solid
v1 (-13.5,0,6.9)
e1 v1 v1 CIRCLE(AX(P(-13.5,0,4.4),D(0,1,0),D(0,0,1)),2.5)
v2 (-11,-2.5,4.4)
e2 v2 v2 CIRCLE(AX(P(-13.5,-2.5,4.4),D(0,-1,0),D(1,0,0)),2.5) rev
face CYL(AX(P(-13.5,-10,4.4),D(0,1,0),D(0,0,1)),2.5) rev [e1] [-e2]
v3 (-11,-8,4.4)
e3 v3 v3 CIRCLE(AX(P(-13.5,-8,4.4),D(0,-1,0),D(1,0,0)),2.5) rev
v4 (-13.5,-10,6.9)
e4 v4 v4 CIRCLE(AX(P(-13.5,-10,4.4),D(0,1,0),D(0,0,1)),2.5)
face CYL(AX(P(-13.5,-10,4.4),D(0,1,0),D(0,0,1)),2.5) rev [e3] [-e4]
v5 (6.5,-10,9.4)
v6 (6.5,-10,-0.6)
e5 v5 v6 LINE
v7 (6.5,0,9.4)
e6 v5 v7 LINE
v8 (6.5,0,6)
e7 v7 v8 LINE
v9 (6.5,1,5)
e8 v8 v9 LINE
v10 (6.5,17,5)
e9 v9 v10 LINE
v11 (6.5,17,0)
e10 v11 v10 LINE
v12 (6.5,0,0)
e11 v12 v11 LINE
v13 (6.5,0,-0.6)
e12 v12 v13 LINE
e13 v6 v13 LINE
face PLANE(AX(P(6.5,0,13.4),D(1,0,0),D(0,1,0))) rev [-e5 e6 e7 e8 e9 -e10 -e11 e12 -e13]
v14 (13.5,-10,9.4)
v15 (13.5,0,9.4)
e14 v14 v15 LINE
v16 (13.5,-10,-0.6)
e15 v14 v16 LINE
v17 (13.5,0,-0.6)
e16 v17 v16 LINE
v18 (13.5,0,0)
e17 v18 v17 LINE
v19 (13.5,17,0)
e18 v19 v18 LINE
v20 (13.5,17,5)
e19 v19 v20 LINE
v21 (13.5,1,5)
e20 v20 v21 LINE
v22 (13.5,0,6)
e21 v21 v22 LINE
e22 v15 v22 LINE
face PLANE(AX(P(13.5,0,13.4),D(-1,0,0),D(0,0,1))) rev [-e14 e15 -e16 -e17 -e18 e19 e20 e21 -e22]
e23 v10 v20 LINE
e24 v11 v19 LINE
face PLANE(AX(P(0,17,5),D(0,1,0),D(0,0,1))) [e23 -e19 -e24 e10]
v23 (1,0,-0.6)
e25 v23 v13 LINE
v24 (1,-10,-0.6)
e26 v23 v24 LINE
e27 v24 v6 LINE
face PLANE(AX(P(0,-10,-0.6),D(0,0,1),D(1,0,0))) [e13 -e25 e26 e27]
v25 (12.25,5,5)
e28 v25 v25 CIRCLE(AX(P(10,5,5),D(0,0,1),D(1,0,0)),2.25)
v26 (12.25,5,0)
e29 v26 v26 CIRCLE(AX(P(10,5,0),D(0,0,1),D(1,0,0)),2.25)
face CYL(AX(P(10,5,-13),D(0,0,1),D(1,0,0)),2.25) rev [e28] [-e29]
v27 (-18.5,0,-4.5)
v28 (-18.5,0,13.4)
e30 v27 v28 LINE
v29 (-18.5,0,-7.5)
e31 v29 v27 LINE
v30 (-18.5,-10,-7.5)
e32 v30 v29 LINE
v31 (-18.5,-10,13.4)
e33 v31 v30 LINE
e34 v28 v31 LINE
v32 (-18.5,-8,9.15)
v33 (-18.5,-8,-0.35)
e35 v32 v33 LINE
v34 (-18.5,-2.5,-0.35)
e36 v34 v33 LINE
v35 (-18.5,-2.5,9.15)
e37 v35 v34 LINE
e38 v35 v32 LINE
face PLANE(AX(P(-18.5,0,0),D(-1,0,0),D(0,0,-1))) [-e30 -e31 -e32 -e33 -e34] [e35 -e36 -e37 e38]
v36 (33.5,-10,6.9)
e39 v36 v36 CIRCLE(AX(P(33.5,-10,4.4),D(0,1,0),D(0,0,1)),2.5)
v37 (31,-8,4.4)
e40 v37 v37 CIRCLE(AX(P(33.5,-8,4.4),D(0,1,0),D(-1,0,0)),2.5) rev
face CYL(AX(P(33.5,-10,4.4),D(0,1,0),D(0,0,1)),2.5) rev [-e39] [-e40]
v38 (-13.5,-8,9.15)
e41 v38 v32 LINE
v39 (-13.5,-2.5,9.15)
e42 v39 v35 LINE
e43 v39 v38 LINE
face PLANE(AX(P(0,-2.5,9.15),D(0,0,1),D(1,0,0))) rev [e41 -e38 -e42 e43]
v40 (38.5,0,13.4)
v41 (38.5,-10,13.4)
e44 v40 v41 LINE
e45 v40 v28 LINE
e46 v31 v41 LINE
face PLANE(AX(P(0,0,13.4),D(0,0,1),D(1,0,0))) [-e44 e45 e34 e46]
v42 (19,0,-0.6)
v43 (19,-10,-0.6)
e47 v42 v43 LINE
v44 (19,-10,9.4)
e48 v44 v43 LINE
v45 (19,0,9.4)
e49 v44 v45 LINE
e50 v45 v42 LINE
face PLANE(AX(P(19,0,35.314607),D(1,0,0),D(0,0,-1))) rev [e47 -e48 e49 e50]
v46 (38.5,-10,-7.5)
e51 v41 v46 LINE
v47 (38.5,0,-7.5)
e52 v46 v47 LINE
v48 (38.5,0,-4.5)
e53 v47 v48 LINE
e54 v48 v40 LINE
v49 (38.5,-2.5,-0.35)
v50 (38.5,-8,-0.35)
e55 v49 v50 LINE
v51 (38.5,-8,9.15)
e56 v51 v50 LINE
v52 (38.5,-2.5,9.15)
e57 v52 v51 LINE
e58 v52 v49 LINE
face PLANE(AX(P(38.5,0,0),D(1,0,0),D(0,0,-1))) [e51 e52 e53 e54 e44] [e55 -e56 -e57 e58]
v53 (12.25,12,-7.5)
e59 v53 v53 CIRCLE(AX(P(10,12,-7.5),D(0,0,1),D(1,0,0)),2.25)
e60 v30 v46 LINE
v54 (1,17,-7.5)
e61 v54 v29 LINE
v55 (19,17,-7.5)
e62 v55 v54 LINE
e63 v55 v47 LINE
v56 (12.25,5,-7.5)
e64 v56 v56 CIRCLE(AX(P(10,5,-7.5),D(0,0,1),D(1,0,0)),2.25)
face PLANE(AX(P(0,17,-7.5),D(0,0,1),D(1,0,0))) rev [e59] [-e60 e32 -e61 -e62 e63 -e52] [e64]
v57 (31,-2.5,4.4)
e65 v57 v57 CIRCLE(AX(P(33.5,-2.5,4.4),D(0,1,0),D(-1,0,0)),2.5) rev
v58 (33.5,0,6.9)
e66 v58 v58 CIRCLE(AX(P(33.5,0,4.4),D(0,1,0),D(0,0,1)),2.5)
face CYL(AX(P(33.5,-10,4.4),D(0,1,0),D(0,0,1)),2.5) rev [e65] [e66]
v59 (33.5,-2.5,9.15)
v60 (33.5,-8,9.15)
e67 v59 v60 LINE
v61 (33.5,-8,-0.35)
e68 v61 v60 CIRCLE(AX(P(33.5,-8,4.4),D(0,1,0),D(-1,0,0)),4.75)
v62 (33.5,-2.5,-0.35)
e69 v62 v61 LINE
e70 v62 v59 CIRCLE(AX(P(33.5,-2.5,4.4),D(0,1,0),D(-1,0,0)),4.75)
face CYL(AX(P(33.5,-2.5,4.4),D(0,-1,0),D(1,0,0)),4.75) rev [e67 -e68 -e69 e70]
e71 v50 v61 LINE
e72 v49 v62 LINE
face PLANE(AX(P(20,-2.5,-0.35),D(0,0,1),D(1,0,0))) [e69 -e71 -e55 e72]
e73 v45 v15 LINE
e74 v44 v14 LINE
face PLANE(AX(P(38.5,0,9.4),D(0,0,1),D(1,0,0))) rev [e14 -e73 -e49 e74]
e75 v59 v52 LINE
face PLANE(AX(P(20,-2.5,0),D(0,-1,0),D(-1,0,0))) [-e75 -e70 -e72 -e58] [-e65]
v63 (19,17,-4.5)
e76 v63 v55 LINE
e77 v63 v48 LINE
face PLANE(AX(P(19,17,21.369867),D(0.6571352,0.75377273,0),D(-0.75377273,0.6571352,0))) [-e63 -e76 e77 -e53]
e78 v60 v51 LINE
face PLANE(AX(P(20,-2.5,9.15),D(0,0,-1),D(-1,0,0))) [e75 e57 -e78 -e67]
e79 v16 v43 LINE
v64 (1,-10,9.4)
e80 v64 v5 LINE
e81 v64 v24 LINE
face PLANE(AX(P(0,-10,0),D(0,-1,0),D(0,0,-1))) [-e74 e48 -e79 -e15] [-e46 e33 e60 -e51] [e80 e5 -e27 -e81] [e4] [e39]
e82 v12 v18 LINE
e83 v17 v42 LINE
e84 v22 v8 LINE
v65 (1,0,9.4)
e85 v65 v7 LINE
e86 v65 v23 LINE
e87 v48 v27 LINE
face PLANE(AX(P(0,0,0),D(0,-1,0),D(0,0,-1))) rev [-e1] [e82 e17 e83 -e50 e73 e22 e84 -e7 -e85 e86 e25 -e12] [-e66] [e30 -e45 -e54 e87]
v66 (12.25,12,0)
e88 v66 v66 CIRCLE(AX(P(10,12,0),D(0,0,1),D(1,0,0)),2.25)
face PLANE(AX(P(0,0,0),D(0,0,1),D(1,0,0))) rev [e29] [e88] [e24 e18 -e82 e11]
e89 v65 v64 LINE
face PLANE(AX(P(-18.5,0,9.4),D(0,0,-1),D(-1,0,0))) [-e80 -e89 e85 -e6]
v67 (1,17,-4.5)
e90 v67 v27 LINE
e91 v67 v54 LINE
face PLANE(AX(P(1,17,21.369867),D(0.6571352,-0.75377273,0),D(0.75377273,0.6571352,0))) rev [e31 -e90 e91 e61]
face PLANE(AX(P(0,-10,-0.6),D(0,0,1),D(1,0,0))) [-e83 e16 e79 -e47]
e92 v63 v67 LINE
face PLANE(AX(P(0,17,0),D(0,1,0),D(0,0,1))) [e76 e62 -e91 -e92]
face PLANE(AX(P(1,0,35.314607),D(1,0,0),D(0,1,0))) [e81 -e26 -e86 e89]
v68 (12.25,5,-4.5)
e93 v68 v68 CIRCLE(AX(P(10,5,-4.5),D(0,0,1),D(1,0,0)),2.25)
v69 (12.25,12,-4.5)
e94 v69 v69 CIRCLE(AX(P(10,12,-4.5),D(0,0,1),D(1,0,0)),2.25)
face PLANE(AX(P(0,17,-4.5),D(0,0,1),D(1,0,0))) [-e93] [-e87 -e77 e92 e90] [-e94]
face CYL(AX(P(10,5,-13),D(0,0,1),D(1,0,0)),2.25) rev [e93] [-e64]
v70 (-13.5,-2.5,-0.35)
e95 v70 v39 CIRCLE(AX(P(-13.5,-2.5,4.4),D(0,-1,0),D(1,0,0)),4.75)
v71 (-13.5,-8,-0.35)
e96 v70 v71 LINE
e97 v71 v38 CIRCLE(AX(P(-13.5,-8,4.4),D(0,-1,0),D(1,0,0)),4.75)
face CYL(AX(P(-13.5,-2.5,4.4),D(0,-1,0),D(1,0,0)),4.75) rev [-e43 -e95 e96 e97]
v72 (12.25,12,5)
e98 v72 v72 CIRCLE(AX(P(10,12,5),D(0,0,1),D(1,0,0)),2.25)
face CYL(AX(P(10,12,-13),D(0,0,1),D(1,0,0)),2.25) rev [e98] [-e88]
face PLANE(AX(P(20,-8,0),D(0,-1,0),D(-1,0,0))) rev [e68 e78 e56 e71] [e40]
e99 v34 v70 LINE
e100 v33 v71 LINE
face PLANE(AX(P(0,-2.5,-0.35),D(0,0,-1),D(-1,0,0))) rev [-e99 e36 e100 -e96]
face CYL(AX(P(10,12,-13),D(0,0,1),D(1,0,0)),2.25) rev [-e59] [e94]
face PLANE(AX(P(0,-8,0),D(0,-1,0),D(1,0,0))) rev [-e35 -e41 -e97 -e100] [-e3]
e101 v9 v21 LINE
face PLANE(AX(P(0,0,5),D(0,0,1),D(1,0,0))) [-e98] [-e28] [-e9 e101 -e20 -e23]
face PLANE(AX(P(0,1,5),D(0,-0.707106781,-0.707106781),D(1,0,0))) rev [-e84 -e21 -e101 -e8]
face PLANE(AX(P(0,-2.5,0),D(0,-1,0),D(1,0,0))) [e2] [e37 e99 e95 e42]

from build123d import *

# Parameters (mm, degrees)
ESQUISSE1_W              = 20
ESQUISSE1_H              = 17
ESQUISSE1_R              = 2.1
BOSS_EXTRU_1_DEPTH       = 5
ESQUISSE2_W              = 18
ESQUISSE2_H              = 4.4
BOSS_EXTRU_3_DEPTH       = 10
ESQUISSE5_W              = 6.5
ESQUISSE5_H              = 17
ENL_V_MAT_EXTRU_3_DEPTH  = 18
BOSS_EXTRU_6_DEPTH       = 8.4
BOSS_EXTRU_6_DEPTH_BACK  = 10
ESQUISSE10_W             = 7
ESQUISSE10_H             = 10
ESQUISSE11_W             = 5.5
ESQUISSE11_H             = 2.5
ESQUISSE11_W_2           = 7
ESQUISSE11_H_2           = 0.5
BOSS_EXTRU_7_DEPTH       = 17
ESQUISSE12_W             = 18
ESQUISSE12_H             = 2.5
BOSS_EXTRU_8_DEPTH       = 10
ESQUISSE20_R             = 2.25
ENL_V_MAT_EXTRU_7_DEPTH  = 18
ESQUISSE21_W             = 4
ESQUISSE21_H             = 10
ESQUISSE21_W_2           = 6.9
BOSS_EXTRU_9_DEPTH       = 25
ESQUISSE22_W             = 19.5
ESQUISSE22_H             = 10
BOSS_EXTRU_10_DEPTH      = 14
BOSS_EXTRU_11_DEPTH      = 3
CHANFREIN1_SIZE          = 1
ESQUISSE29_R             = 2.5
ENL_V_MAT_EXTRU_11_DEPTH = 10
ENL_V_START              = -7.5
ESQUISSE30_R             = 4.75
ESQUISSE30_R_2           = 2.5
ENL_V_MAT_EXTRU_12_DEPTH = 5.5


with BuildPart() as part:
    # Esquisse1 → Boss.-Extru.1 (new body)
    with BuildSketch(Plane.XY):
        with Locations((10, 8.5)):
            Rectangle(ESQUISSE1_W, ESQUISSE1_H)
        with Locations((10, 5)):
            Circle(ESQUISSE1_R, mode=Mode.SUBTRACT)
        with Locations((10, 12)):
            Circle(ESQUISSE1_R, mode=Mode.SUBTRACT)
    extrude(amount=BOSS_EXTRU_1_DEPTH)

    # Esquisse5 → Enlèv. mat.-Extru.3 (cut)
    with BuildSketch(Plane.XY.offset(5)):
        with Locations((16.75, 8.5)):
            Rectangle(ESQUISSE5_W, ESQUISSE5_H)
        with Locations((3.25, 8.5)):
            Rectangle(ESQUISSE5_W, ESQUISSE5_H)
    extrude(amount=-ENL_V_MAT_EXTRU_3_DEPTH, mode=Mode.SUBTRACT)



with BuildPart() as body_2:
    # Esquisse2 → Boss.-Extru.3 (new body)
    with BuildSketch(Plane.XZ):
        with Locations((10, -2.8)):
            Rectangle(ESQUISSE2_W, ESQUISSE2_H)
    extrude(amount=BOSS_EXTRU_3_DEPTH)


with BuildPart() as part_1:
    add(part.part)

    add(body_2.part)  # Boss.-Extru.6 merges body 2
    # Esquisse10 → Boss.-Extru.6 (add, two sides: drawn at the far end of the back side and taken through both)
    with BuildSketch(Plane.XY.offset(5).offset(-BOSS_EXTRU_6_DEPTH_BACK)):
        with Locations((10, -5)):
            Rectangle(ESQUISSE10_W, ESQUISSE10_H)
    extrude(amount=BOSS_EXTRU_6_DEPTH + BOSS_EXTRU_6_DEPTH_BACK)

    # Esquisse11 → Boss.-Extru.7 (add)
    with BuildSketch(Plane(origin=(0, 0, 0), x_dir=(1, 0, 0), z_dir=(0, 1, 0))):
        with Locations((3.75, 6.25)):
            Rectangle(ESQUISSE11_W, ESQUISSE11_H)
        with Locations((10, 6.25)):
            Rectangle(ESQUISSE11_W_2, ESQUISSE11_H)
        with Locations((16.25, 6.25)):
            Rectangle(ESQUISSE11_W, ESQUISSE11_H)
        with Locations((3.75, 4.75)):
            Rectangle(ESQUISSE11_W, ESQUISSE11_H_2)
        with Locations((10, 4.75)):
            Rectangle(ESQUISSE11_W_2, ESQUISSE11_H_2)
        with Locations((16.25, 4.75)):
            Rectangle(ESQUISSE11_W, ESQUISSE11_H_2)
    extrude(amount=BOSS_EXTRU_7_DEPTH)

    # Esquisse12 → Boss.-Extru.8 (add)
    with BuildSketch(Plane.XZ):
        with Locations((10, -6.25)):
            Rectangle(ESQUISSE12_W, ESQUISSE12_H)
    extrude(amount=BOSS_EXTRU_8_DEPTH)

    # Esquisse20 → Enlèv. mat.-Extru.7 (cut)
    with BuildSketch(Plane.XY.offset(5)):
        with Locations((10, 5)):
            Circle(ESQUISSE20_R)
        with Locations((10, 12)):
            Circle(ESQUISSE20_R)
    extrude(amount=-ENL_V_MAT_EXTRU_7_DEPTH, mode=Mode.SUBTRACT)

    # Esquisse21 → Boss.-Extru.9 (add)
    with BuildSketch(Plane(origin=(13.5, 0, 0), x_dir=(0, 0, -1), z_dir=(1, 0, 0))):
        with Locations((-11.4, -5)):
            Rectangle(ESQUISSE21_W, ESQUISSE21_H)
        with Locations((4.05, -5)):
            Rectangle(ESQUISSE21_W_2, ESQUISSE21_H)
    boss_extru_9 = extrude(amount=BOSS_EXTRU_9_DEPTH)

    # Esquisse22 → Boss.-Extru.10 (add)
    with BuildSketch(Plane.XY.offset(-0.6)):
        with Locations((28.75, -5)):
            Rectangle(ESQUISSE22_W, ESQUISSE22_H)
    boss_extru_10 = extrude(amount=BOSS_EXTRU_10_DEPTH)

    # Esquisse24 → Boss.-Extru.11 (add)
    with BuildSketch(Plane(origin=(0, 0, -7.5), x_dir=(-1, 0, 0), z_dir=(0, 0, -1))):
        Polygon((-38.5, 0), (-19, 0), (-19, 17), align=None)
    boss_extru_11 = extrude(amount=-BOSS_EXTRU_11_DEPTH)

    # Symétrie1: Boss.-Extru.9, Boss.-Extru.10, Boss.-Extru.11 across plane
    add(boss_extru_9.mirror(Plane.ZY.offset(-10)))
    add(boss_extru_10.mirror(Plane.ZY.offset(-10)))
    add(boss_extru_11.mirror(Plane.ZY.offset(-10)))

    # Chanfrein1
    chanfrein1_edges = [part_1.edges().sort_by_distance(p)[0] for p in [
        (10, 0, 5),
    ]]
    chamfer(chanfrein1_edges, length=CHANFREIN1_SIZE)

    # Esquisse29 → Enlèv. mat.-Extru.11 (cut)
    with BuildSketch(Plane(origin=(0, 0, 0), x_dir=(1, 0, 0), z_dir=(0, 1, 0))):
        with Locations(Location((-13.5, -4.4, 0), (0, 0, 270))):
            Circle(ESQUISSE29_R)
        with Locations(Location((33.5, -4.4, 0), (0, 0, 270))):
            Circle(ESQUISSE29_R)
    extrude(amount=-ENL_V_MAT_EXTRU_11_DEPTH, mode=Mode.SUBTRACT)

    # Esquisse30 → Enlèv. mat.-Extru.12 (cut)
    # profile 1 of 2: a face of its own
    with BuildSketch(Plane(origin=(0, -10, 0), x_dir=(-1, 0, 0), z_dir=(0, -1, 0)).offset(ENL_V_START)):
        with Locations((13.5, -4.4)):
            Circle(ESQUISSE30_R)
        with Locations(Location((13.5, -4.4, 0), (0, 0, 270))):
            Circle(ESQUISSE30_R_2, mode=Mode.SUBTRACT)
    # profile 2 of 2: a face of its own
    with BuildSketch(Plane(origin=(0, -10, 0), x_dir=(-1, 0, 0), z_dir=(0, -1, 0)).offset(ENL_V_START)):
        with BuildLine():
            ThreePointArc((18.25, -4.4), (16.858757211, -7.758757211), (13.5, -9.15))
            Line((13.5, -9.15), (18.5, -9.15))
            Line((18.5, -9.15), (18.5, 0.35))
            Line((18.5, 0.35), (13.5, 0.35))
            ThreePointArc((13.5, 0.35), (16.858757211, -1.041242789), (18.25, -4.4))
        make_face()
    enl_v_mat_extru_12 = extrude(amount=ENL_V_MAT_EXTRU_12_DEPTH, mode=Mode.SUBTRACT)

    # Symétrie3: Enlèv. mat.-Extru.12 across plane
    add(enl_v_mat_extru_12.mirror(Plane.ZY.offset(-10)), mode=Mode.SUBTRACT)


solid = part_1.part
